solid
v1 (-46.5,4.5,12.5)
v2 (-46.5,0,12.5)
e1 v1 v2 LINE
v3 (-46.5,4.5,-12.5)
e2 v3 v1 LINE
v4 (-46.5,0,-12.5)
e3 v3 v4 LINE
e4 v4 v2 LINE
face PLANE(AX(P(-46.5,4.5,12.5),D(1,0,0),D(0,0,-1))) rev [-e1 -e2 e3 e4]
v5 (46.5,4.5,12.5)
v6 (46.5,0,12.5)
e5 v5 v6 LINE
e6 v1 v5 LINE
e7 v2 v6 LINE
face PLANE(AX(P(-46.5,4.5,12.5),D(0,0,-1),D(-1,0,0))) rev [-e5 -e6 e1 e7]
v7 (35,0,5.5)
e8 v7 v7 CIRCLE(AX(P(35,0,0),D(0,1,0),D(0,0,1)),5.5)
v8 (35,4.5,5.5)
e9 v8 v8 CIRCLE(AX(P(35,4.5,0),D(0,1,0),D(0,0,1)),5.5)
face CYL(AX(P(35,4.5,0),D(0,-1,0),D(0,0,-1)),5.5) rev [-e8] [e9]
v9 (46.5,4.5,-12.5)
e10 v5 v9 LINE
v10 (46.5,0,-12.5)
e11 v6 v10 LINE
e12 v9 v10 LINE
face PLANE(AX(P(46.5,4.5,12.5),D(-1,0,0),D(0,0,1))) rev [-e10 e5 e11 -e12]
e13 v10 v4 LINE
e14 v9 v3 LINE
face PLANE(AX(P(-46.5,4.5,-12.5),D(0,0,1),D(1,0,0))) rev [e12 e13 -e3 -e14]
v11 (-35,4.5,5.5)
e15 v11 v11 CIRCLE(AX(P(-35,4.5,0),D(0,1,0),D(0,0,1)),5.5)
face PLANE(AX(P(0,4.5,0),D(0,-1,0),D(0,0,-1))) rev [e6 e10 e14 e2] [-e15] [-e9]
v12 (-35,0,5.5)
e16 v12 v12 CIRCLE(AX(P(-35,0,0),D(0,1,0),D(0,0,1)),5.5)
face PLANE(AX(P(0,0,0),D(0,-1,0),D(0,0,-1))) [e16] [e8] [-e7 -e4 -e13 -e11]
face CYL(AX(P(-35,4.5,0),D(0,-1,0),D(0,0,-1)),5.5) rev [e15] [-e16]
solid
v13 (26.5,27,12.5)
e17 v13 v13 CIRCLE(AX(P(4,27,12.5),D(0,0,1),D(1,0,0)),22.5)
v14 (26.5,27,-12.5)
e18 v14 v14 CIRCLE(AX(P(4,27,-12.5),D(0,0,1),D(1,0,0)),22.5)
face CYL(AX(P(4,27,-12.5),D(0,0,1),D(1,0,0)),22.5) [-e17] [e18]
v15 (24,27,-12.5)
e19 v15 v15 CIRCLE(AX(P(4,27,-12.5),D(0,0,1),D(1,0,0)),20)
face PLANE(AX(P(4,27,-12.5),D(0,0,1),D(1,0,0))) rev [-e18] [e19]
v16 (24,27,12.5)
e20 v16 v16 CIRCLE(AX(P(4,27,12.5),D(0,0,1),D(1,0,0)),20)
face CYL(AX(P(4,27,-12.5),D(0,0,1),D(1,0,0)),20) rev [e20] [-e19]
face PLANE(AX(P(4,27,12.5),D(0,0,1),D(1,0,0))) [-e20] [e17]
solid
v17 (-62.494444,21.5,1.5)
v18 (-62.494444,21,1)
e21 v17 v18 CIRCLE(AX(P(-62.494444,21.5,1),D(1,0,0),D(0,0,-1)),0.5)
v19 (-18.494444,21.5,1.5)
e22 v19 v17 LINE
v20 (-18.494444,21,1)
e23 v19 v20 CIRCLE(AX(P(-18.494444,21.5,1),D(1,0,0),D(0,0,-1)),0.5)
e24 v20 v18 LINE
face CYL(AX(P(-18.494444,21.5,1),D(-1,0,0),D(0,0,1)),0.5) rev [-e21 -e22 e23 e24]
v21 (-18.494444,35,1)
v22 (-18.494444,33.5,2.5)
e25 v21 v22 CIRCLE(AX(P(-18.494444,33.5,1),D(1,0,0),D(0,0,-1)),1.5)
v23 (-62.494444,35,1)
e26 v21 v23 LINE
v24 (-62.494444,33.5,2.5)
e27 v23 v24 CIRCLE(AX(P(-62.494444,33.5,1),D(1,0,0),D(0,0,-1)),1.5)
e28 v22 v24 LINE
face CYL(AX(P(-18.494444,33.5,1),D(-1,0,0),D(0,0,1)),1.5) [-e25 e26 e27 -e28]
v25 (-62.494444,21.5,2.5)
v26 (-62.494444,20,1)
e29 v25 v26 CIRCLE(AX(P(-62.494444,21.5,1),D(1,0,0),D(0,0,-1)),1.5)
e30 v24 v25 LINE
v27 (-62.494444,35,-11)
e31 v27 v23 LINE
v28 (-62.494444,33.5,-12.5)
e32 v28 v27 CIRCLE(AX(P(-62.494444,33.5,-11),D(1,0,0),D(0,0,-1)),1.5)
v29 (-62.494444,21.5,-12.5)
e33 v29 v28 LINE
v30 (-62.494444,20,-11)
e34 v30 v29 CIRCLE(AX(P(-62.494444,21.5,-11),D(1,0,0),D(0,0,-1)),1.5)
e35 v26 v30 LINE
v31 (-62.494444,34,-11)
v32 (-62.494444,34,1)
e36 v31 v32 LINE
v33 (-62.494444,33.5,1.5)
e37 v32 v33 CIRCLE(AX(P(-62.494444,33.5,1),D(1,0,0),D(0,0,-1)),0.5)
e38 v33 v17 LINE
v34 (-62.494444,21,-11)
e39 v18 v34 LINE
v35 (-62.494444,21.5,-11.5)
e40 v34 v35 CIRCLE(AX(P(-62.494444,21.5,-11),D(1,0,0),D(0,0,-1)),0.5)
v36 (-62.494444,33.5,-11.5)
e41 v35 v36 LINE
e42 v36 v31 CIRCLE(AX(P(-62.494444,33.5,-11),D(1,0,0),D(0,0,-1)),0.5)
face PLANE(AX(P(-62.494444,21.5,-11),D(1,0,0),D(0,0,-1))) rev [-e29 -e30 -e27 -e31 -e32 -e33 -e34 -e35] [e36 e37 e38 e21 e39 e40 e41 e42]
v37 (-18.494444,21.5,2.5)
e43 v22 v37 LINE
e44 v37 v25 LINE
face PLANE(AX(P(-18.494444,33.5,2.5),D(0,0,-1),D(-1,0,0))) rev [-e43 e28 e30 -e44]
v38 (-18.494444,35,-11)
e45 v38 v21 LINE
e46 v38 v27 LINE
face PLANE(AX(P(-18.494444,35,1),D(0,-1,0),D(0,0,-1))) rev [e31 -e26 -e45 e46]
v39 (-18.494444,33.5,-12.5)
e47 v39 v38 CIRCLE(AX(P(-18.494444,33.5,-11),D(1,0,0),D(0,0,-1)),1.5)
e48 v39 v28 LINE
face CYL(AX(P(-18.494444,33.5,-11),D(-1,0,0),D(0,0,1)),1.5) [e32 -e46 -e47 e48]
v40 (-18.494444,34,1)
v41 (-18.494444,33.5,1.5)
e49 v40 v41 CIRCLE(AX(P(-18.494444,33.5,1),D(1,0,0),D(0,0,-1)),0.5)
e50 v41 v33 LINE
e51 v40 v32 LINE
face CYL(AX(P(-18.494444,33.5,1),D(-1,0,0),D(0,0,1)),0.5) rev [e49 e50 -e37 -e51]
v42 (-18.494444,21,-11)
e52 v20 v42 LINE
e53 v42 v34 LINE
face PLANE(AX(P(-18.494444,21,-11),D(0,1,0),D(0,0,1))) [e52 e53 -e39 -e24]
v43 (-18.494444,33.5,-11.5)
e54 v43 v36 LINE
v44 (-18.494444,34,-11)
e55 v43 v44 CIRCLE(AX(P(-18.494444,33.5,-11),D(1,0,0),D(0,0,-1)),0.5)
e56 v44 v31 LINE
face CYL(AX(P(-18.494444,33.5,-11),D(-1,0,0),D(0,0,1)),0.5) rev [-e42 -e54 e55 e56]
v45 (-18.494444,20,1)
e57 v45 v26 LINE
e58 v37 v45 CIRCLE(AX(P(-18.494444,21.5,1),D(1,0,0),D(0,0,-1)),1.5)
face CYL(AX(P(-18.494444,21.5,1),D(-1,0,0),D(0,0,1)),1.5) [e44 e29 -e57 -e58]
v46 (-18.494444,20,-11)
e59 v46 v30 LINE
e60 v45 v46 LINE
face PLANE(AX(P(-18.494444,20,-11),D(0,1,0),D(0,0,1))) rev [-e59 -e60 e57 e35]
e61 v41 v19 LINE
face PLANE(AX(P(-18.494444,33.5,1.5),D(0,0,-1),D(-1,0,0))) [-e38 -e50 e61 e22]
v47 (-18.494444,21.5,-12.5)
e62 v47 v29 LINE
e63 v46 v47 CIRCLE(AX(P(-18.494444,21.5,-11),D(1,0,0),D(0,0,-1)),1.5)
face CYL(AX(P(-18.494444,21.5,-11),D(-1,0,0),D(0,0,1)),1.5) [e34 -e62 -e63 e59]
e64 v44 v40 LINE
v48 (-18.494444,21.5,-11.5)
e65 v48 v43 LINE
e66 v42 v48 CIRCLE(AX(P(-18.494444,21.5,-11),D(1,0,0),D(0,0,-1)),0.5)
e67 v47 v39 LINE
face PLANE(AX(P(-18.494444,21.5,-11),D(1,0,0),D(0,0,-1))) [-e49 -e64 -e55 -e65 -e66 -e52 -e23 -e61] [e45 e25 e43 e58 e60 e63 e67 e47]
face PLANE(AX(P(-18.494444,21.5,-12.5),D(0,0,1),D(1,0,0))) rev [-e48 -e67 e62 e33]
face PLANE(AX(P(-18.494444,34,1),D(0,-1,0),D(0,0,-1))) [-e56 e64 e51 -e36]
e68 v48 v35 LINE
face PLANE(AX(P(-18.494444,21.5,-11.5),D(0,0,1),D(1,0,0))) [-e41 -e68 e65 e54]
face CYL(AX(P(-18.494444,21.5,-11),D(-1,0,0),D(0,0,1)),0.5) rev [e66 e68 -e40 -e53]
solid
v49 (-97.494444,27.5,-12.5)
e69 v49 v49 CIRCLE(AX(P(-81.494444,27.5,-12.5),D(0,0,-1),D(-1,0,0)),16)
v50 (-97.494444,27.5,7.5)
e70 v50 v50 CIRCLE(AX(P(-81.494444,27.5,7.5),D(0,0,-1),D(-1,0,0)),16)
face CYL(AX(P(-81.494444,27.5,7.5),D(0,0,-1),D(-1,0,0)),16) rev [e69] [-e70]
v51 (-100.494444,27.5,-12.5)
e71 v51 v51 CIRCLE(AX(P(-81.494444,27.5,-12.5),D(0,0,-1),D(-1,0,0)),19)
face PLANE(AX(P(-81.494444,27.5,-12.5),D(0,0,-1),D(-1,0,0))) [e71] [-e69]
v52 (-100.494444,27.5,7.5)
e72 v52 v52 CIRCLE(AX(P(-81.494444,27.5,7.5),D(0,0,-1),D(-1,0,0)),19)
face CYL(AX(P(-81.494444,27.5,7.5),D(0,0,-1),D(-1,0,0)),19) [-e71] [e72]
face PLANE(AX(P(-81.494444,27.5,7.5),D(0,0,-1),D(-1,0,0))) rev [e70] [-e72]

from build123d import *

# Parameters (mm, degrees)
SKETCH_1_W                        = 93
SKETCH_1_H                        = 25
SKETCH_1_R                        = 5.5
EXTRUDE_1_DEPTH                   = 4.5
SKETCH_2_R                        = 22.5
SKETCH_2_R_2                      = 20
EXTRUDE_2_DEPTH                   = 25
BXBXS_8639_82_15_X_15_X_1_1_DEPTH = 44
SKETCH_7_R                        = 19
SKETCH_7_R_2                      = 16
EXTRUDE_3_DEPTH                   = 20


with BuildPart() as part:
    # Эскиз1 → Бобышка-Вытянуть1 (new body)
    with BuildSketch(Plane(origin=(0, 0, 0), x_dir=(1, 0, 0), z_dir=(0, 1, 0))):
        Rectangle(SKETCH_1_W, SKETCH_1_H)
        with Locations(Location((35, 0, 0), (0, 0, 270))):
            Circle(SKETCH_1_R, mode=Mode.SUBTRACT)
        with Locations(Location((-35, 0, 0), (0, 0, 270))):
            Circle(SKETCH_1_R, mode=Mode.SUBTRACT)
    extrude(amount=EXTRUDE_1_DEPTH)


with BuildPart() as body_2:
    # Эскиз2 → Бобышка-Вытянуть2 (new body)
    with BuildSketch(Plane.XY.offset(12.5)):
        with Locations((4, 27)):
            Circle(SKETCH_2_R)
        with Locations((4, 27)):
            Circle(SKETCH_2_R_2, mode=Mode.SUBTRACT)
    extrude(amount=-EXTRUDE_2_DEPTH)


with BuildPart() as body_3:
    # Sketch1 → Труба bxbxs гост8639-82 15 X 15 X 1(1) (new body)
    with BuildSketch(Plane(origin=(-62.494443758, 27.5, -5), x_dir=(0, -1, 0), z_dir=(1, 0, 0))):
        with BuildLine():
            Line((-6, -7.5), (6, -7.5))
            ThreePointArc((6, -7.5), (7.060660172, -7.060660172), (7.5, -6))
            Line((7.5, -6), (7.5, 6))
            ThreePointArc((7.5, 6), (7.060660172, 7.060660172), (6, 7.5))
            Line((6, 7.5), (-6, 7.5))
            ThreePointArc((-6, 7.5), (-7.060660172, 7.060660172), (-7.5, 6))
            Line((-7.5, 6), (-7.5, -6))
            ThreePointArc((-7.5, -6), (-7.060660172, -7.060660172), (-6, -7.5))
        make_face()
        with BuildLine():
            Line((-6, -6.5), (6, -6.5))
            ThreePointArc((6, -6.5), (6.353553391, -6.353553391), (6.5, -6))
            Line((6.5, -6), (6.5, 6))
            ThreePointArc((6.5, 6), (6.353553391, 6.353553391), (6, 6.5))
            Line((6, 6.5), (-6, 6.5))
            ThreePointArc((-6, 6.5), (-6.353553391, 6.353553391), (-6.5, 6))
            Line((-6.5, 6), (-6.5, -6))
            ThreePointArc((-6.5, -6), (-6.353553391, -6.353553391), (-6, -6.5))
        make_face(mode=Mode.SUBTRACT)
    extrude(amount=BXBXS_8639_82_15_X_15_X_1_1_DEPTH)


with BuildPart() as body_4:
    # Эскиз7 → Бобышка-Вытянуть3 (new body)
    with BuildSketch(Plane(origin=(0, 0, -12.5), x_dir=(-1, 0, 0), z_dir=(0, 0, -1))):
        with Locations((81.494443758, 27.5)):
            Circle(SKETCH_7_R)
        with Locations((81.494443758, 27.5)):
            Circle(SKETCH_7_R_2, mode=Mode.SUBTRACT)
    extrude(amount=-EXTRUDE_3_DEPTH)


solid = Compound([part.part, body_2.part, body_3.part, body_4.part])
